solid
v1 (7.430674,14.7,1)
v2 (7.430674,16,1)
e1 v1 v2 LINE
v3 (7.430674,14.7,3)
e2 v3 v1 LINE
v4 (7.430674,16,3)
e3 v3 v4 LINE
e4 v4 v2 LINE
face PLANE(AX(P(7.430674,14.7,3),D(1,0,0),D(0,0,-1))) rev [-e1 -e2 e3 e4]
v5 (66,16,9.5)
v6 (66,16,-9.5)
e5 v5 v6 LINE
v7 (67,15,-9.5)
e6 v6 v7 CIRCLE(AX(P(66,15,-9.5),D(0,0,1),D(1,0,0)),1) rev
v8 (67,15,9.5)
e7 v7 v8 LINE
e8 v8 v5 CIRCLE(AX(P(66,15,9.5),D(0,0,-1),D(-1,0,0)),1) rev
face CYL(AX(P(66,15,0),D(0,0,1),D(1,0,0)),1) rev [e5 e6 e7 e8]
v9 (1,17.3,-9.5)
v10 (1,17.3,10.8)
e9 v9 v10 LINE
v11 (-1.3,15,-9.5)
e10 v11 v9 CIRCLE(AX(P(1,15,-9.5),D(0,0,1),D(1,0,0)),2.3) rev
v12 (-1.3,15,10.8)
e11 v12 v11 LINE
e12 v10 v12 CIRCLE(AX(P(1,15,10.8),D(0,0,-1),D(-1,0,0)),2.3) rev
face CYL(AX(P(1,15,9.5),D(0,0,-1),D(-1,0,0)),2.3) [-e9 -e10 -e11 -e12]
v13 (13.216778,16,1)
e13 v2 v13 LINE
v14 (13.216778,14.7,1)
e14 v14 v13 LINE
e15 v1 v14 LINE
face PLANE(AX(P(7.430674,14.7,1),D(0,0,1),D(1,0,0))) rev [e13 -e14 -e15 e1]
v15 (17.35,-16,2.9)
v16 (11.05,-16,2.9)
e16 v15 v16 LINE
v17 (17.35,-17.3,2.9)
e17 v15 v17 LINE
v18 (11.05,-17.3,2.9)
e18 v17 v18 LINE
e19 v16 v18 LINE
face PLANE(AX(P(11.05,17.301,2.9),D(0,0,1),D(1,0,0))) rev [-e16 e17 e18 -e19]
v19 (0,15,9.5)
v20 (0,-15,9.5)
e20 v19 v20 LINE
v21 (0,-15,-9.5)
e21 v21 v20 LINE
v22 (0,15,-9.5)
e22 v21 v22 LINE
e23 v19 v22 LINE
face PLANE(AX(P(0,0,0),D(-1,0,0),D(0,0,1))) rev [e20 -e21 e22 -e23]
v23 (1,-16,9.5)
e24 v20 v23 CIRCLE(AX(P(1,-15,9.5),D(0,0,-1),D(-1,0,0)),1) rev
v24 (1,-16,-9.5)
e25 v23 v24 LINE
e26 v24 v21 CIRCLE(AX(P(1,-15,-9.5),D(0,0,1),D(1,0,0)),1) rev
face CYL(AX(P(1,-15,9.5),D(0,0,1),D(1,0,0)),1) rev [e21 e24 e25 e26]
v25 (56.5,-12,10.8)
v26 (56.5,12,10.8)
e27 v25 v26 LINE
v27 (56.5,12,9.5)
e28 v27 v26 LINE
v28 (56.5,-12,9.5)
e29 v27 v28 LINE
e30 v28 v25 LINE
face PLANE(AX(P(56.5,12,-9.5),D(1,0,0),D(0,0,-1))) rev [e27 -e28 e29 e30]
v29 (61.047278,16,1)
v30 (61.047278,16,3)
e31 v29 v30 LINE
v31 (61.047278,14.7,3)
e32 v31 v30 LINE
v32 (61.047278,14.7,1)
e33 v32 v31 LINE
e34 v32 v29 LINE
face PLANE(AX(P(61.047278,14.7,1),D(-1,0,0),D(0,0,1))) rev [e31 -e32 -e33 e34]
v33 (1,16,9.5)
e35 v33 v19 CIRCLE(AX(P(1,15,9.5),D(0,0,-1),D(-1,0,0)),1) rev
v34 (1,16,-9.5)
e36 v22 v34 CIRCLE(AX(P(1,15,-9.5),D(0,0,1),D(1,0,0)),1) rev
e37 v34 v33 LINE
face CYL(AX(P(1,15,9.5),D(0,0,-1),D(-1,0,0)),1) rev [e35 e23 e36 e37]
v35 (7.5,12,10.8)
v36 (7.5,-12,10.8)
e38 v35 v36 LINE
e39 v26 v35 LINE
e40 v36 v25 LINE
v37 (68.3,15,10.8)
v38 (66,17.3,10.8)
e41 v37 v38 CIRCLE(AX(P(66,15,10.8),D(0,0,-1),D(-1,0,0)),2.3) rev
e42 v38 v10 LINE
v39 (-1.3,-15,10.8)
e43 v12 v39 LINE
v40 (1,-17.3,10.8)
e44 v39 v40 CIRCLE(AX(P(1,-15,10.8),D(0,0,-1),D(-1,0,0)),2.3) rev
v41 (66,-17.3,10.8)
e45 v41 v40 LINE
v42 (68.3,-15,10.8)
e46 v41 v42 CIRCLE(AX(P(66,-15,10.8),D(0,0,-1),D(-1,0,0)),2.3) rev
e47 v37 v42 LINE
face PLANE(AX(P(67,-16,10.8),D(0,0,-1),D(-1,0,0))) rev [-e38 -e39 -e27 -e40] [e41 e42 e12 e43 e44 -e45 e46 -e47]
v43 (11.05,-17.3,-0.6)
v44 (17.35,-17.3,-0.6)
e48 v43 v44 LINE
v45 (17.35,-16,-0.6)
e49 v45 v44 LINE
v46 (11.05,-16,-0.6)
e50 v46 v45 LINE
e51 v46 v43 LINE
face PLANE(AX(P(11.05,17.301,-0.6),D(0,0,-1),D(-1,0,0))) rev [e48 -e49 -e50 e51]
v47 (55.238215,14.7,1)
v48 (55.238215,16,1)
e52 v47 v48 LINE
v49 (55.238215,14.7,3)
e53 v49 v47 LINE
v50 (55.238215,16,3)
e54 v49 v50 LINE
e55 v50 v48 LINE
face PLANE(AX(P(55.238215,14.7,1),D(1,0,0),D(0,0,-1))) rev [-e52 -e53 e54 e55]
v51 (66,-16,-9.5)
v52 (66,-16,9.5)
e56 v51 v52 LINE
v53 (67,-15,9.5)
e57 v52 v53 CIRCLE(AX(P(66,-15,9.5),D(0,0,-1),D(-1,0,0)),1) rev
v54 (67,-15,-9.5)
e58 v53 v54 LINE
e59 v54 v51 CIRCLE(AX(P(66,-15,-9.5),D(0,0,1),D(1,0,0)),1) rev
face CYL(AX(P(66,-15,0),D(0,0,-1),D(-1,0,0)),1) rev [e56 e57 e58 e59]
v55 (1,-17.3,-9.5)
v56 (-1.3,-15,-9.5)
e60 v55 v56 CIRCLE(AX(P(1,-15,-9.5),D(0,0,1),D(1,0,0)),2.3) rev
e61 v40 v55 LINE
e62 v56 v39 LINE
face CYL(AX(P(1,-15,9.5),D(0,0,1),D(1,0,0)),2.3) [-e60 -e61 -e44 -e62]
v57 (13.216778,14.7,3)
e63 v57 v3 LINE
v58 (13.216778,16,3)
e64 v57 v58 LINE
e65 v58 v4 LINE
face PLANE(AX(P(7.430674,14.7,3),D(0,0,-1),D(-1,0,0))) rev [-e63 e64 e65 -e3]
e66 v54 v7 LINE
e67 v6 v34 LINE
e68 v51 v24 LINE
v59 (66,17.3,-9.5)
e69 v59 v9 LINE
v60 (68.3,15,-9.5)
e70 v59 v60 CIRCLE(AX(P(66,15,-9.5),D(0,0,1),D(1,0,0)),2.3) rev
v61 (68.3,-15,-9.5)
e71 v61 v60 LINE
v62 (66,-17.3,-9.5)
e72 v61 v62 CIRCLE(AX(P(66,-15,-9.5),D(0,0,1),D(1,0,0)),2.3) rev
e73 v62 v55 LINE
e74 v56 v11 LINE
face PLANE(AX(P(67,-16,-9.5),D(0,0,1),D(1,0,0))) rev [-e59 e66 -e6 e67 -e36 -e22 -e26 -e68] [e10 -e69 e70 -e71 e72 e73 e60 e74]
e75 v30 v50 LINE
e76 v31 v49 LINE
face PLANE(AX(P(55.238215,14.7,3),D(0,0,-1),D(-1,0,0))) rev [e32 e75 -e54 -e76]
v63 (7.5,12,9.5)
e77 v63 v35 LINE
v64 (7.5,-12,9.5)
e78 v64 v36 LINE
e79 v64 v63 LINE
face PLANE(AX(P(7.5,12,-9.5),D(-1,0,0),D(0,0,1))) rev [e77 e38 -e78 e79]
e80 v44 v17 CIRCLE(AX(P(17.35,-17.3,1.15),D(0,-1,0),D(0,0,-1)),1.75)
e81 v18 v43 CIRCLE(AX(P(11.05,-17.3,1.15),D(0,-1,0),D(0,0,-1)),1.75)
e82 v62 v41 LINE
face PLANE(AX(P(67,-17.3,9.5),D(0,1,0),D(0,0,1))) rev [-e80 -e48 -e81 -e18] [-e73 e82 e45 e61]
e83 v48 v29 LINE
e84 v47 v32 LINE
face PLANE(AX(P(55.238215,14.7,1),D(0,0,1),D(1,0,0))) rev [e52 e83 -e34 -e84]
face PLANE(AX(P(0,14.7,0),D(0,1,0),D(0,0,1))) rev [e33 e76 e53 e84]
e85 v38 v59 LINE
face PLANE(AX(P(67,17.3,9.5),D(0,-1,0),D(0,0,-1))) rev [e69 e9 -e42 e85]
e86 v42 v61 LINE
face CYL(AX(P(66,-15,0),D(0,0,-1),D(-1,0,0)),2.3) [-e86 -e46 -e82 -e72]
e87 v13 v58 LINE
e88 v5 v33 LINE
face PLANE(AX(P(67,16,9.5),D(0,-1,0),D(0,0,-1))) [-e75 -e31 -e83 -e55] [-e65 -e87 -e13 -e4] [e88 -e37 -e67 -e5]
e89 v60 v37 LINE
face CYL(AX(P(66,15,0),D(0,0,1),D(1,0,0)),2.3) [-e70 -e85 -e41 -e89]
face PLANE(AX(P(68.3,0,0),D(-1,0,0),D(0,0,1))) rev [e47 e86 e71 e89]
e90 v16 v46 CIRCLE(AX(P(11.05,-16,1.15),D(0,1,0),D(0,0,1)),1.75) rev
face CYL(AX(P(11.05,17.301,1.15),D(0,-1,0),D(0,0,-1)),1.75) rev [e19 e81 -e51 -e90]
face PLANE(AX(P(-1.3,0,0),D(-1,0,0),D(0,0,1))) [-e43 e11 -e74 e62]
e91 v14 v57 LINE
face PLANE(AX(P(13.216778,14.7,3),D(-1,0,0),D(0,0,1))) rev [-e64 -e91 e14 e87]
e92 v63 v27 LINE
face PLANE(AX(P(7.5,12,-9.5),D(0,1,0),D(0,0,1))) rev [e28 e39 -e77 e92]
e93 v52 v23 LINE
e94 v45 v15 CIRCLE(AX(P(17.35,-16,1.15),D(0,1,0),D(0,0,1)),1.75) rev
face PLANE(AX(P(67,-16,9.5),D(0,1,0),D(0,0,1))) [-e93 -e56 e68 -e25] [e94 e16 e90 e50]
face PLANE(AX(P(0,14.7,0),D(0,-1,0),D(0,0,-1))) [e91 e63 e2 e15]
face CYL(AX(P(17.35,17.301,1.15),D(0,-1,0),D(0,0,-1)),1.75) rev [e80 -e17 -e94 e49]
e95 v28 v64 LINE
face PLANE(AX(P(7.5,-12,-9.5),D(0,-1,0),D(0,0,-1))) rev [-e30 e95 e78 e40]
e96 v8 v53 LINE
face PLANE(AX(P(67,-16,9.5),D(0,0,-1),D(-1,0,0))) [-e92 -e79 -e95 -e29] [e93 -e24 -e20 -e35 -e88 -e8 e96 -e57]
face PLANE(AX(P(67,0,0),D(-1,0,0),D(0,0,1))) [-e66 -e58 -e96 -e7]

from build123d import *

# Parameters (mm, degrees)
SKETCH_1_W          = 19
SKETCH_1_H          = 32
EXTRUDE_1_DEPTH     = 67
FILLET_1_R          = 1
SHELL_1_T           = 1.3
SKETCH_2_W          = 49
SKETCH_2_H          = 24
CUT_EXTRUDE_1_DEPTH = 74.32305231
CUT_EXTRUDE_2_REACH = 79.322
SKETCH_4_W          = 5.786103887
SKETCH_4_H          = 2
SKETCH_4_W_2        = 5.809063148
EXTRUDE_2_DEPTH     = 1.3


with BuildPart() as part:
    # 草图1 → 凸台-拉伸1 (new body)
    with BuildSketch(Plane(origin=(0, 0, 0), x_dir=(0, 0, -1), z_dir=(1, 0, 0))):
        Rectangle(SKETCH_1_W, SKETCH_1_H)
    extrude(amount=EXTRUDE_1_DEPTH)

    # 圆角1
    fillet_1_edges = [part.edges().sort_by_distance(p)[0] for p in [
        (67, -16, 0),
        (0, -16, 0),
        (0, 16, 0),
        (67, 16, 0),
    ]]
    fillet(fillet_1_edges, radius=FILLET_1_R)

    # 抽壳1
    shell_1_openings = [part.faces().sort_by_distance(p)[0] for p in [
        (33.5, 0, -9.5),
    ]]
    offset(amount=SHELL_1_T, openings=shell_1_openings, kind=Kind.INTERSECTION)

    # 草图2 → 切除-拉伸1 (cut, through all)
    with BuildSketch(Plane.XY.offset(10.8)):
        with Locations((32, 0)):
            Rectangle(SKETCH_2_W, SKETCH_2_H)
    extrude(amount=-CUT_EXTRUDE_1_DEPTH, mode=Mode.SUBTRACT)

    # 草图3 → 切除-拉伸2 (cut, up to next)
    with BuildSketch(Plane.XZ.offset(17.3), mode=Mode.PRIVATE) as cut_extrude_2_sk1:
        with BuildLine():
            Line((11.05, 2.9), (17.35, 2.9))
            ThreePointArc((17.35, 2.9), (19.1, 1.15), (17.35, -0.6))
            Line((17.35, -0.6), (11.05, -0.6))
            ThreePointArc((11.05, -0.6), (9.3, 1.15), (11.05, 2.9))
        make_face()
    cut_extrude_2_tool1 = extrude(cut_extrude_2_sk1.sketch, amount=-CUT_EXTRUDE_2_REACH, mode=Mode.PRIVATE) & part.part
    add(cut_extrude_2_tool1.solids().sort_by_distance((14.2, -17.3, 1.15))[0], mode=Mode.SUBTRACT)

    # 草图4 → 凸台-拉伸2 (add)
    with BuildSketch(Plane.XZ.offset(-16)):
        with Locations((10.323725872, 2)):
            Rectangle(SKETCH_4_W, SKETCH_4_H)
        with Locations((58.142746149, 2)):
            Rectangle(SKETCH_4_W_2, SKETCH_4_H)
    extrude(amount=EXTRUDE_2_DEPTH)


solid = part.part
